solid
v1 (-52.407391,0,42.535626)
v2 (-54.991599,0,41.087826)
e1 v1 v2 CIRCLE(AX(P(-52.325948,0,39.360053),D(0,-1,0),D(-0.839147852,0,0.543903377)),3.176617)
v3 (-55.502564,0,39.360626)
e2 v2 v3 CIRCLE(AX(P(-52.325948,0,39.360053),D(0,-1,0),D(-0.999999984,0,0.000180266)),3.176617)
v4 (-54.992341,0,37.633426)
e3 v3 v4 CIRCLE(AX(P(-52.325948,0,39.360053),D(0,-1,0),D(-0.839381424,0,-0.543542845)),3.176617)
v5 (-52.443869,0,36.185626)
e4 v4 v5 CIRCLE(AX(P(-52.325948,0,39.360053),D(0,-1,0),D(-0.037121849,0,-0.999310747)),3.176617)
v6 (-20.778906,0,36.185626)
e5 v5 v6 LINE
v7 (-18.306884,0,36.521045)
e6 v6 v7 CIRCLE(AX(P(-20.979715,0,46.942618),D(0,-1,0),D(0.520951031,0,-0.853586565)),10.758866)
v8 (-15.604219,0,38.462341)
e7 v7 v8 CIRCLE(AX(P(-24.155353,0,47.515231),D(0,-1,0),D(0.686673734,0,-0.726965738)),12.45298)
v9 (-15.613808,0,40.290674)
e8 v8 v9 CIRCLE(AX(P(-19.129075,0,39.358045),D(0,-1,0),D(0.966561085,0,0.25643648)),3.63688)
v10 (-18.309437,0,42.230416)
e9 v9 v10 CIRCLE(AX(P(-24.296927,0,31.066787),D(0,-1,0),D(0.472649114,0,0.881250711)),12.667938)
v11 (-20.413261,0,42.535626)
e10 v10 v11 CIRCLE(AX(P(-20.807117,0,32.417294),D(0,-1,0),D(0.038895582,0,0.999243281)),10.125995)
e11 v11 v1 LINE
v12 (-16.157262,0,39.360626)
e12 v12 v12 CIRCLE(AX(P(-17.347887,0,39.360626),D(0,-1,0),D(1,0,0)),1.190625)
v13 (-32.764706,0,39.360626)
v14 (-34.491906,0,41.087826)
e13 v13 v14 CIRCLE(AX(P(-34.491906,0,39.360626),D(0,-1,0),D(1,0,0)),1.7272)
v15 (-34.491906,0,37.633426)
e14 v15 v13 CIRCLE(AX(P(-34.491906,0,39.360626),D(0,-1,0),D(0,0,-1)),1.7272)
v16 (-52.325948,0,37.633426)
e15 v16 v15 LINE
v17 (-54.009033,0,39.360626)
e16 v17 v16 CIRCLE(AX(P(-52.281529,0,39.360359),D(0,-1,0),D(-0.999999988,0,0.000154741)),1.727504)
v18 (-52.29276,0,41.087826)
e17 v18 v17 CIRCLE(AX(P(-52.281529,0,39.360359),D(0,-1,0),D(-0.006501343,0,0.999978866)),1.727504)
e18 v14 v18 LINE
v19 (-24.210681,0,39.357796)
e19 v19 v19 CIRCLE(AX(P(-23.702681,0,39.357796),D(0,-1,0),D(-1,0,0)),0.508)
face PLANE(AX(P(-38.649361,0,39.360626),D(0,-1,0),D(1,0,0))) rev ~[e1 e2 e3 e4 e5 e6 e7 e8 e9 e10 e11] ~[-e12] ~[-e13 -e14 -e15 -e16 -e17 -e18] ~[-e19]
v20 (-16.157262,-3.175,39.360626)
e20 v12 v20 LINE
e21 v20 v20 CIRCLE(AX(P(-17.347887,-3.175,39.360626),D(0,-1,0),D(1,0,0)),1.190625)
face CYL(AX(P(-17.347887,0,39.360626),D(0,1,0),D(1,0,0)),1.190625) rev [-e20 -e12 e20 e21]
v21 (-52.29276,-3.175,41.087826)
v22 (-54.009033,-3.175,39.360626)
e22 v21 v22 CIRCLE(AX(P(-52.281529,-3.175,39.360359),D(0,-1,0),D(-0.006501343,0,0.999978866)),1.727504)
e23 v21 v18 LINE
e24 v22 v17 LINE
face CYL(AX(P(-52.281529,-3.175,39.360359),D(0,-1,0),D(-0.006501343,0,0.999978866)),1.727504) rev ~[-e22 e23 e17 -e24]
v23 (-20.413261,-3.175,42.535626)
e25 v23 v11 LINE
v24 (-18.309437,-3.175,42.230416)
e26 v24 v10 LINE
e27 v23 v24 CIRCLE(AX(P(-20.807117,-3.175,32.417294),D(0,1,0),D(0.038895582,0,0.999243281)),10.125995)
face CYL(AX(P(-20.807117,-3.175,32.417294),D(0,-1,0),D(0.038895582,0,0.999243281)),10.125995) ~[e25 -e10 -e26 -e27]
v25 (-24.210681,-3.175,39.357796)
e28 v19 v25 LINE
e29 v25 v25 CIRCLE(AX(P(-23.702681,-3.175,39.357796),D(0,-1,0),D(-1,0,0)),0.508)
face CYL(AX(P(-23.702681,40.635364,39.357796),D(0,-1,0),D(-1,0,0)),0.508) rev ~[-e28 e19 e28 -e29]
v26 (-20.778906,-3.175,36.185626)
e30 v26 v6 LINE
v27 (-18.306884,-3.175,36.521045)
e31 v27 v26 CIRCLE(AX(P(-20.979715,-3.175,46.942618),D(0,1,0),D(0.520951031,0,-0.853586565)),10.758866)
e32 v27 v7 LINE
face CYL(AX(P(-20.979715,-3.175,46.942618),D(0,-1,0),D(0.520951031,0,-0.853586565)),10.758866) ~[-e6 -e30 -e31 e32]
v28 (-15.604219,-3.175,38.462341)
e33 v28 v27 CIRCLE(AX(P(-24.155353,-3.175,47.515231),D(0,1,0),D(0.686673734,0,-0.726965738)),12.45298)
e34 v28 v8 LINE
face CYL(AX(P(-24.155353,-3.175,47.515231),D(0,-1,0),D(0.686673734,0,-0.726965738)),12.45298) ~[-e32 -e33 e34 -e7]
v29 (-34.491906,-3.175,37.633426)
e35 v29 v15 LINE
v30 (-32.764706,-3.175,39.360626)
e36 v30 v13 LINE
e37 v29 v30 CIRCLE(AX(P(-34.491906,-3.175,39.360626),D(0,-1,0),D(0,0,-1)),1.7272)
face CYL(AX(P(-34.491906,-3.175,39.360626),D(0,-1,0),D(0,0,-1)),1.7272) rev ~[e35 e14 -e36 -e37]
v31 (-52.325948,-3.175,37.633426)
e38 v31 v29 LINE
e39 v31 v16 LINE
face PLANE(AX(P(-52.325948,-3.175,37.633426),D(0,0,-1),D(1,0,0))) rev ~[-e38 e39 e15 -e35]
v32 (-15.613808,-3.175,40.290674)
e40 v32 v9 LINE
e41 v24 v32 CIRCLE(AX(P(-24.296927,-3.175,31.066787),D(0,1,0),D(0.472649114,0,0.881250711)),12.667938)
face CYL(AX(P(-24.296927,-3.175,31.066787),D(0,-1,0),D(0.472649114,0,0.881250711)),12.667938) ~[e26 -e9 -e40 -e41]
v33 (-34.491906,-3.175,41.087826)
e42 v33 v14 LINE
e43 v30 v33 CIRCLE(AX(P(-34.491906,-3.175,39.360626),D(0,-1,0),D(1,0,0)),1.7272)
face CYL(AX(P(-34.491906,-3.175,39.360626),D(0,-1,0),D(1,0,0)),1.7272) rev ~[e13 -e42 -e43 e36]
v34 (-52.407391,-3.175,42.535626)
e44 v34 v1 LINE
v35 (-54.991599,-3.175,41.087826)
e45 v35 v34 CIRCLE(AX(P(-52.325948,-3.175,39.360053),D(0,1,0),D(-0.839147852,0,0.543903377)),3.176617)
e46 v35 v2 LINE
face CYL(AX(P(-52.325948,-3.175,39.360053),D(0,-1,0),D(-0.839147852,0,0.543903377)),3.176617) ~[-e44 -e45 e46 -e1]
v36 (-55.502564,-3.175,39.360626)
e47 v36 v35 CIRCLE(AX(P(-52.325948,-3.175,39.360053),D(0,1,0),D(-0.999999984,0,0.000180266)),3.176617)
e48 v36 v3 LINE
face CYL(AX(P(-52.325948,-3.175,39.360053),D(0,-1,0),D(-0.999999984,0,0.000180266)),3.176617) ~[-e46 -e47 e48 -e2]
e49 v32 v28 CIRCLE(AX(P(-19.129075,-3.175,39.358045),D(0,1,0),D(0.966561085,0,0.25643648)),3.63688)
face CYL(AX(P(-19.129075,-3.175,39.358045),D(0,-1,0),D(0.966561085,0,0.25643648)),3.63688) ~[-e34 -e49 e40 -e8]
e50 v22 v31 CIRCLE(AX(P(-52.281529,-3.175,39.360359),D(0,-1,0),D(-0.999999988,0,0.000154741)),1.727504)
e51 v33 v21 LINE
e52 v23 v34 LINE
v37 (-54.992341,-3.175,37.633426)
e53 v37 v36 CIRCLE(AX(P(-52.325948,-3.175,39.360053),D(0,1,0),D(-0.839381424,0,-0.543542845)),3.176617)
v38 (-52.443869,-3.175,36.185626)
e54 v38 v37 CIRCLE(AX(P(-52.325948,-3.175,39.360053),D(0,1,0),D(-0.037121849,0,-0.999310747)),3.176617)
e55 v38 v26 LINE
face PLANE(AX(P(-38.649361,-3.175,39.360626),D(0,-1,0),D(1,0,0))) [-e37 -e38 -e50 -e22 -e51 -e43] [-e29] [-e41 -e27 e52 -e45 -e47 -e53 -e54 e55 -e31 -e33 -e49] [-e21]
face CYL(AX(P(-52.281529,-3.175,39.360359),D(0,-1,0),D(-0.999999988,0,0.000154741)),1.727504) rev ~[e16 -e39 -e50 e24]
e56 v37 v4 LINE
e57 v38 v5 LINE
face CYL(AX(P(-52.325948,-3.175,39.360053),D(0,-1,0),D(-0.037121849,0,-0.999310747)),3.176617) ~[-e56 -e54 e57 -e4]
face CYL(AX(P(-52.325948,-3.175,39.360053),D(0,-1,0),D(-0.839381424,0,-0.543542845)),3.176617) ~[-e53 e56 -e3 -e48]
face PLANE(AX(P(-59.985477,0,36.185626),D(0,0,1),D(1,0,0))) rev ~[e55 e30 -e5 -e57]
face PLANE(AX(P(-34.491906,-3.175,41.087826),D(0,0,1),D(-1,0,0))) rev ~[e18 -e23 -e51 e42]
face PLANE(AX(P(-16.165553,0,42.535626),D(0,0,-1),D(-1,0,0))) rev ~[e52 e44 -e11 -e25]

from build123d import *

# Parameters (mm, degrees)
F0_R     = 1.5875
F0_R_2   = 1.190625
F1_DEPTH = 3.175
F3_DEPTH = 25.4
F4_DEPTH = 25.4
F5_DEPTH = 25.4
F6_DEPTH = 25.4
F8_DEPTH = 25.4
F9_DEPTH = 21.59
F11_D    = 1.016


with BuildPart() as f1:
    # F0 (on Front) → F1 (new body)
    with BuildSketch(Plane.XZ):
        with BuildLine():
            Line((-59.9854774773, 36.1856259406), (-16.1655526608, 36.1856259406))
            Line((-16.1655526608, 36.1856259406), (-14.5380130693, 39.3606259406))
            Line((-14.5380130693, 39.3606259406), (-16.1655526608, 42.5356259406))
            Line((-16.1655526608, 42.5356259406), (-59.9854774773, 42.5356259406))
            ThreePointArc((-59.9854774773, 42.5356259406), (-63.0682841445, 39.3606259406), (-59.9854774773, 36.1856259406))
        make_face()
        with Locations((-17.3478871584, 39.3606259406)):
            Circle(F0_R, mode=Mode.SUBTRACT)
        with Locations((-17.3478871584, 39.3606259406)):
            Circle(F0_R)
        with Locations((-17.3478871584, 39.3606259406)):
            Circle(F0_R_2, mode=Mode.SUBTRACT)
    extrude(amount=F1_DEPTH)

    # F2 (on face) → F3 (cut)
    with BuildSketch(Plane.XZ.offset(3.175)):
        with BuildLine():
            ThreePointArc((-15.3748723059, 37.758994363), (-16.1969030784, 36.7786361584), (-17.3305589706, 36.1856259406))
            Line((-17.3305589706, 36.1856259406), (-16.1655526608, 36.1856259406))
            Line((-16.1655526608, 36.1856259406), (-15.3517828651, 37.7731259406))
            ThreePointArc((-15.3517828651, 37.7731259406), (-15.3633231409, 37.7660528898), (-15.3748723059, 37.758994363))
        make_face()
        with BuildLine():
            ThreePointArc((-15.404339903, 40.9815081352), (-14.9683940419, 39.3741029339), (-15.3748723059, 37.758994363))
            ThreePointArc((-15.3748723059, 37.758994363), (-15.3633231409, 37.7660528898), (-15.3517828651, 37.7731259406))
            Line((-15.3517828651, 37.7731259406), (-14.5380130693, 39.3606259406))
            Line((-14.5380130693, 39.3606259406), (-15.3517828651, 40.9481259406))
            ThreePointArc((-15.3517828651, 40.9481259406), (-15.3780357265, 40.9648574331), (-15.404339903, 40.9815081352))
        make_face()
        with BuildLine():
            ThreePointArc((-17.4520071596, 42.5356259406), (-16.2702339986, 41.9666642674), (-15.404339903, 40.9815081352))
            ThreePointArc((-15.404339903, 40.9815081352), (-15.3780357265, 40.9648574331), (-15.3517828651, 40.9481259406))
            Line((-15.3517828651, 40.9481259406), (-16.1655526608, 42.5356259406))
            Line((-16.1655526608, 42.5356259406), (-17.4520071596, 42.5356259406))
        make_face()
    extrude(amount=-F3_DEPTH, mode=Mode.SUBTRACT)

    # F2 (on face) → F4 (cut)
    with BuildSketch(Plane.XZ.offset(3.175)):
        with BuildLine():
            ThreePointArc((-20.4132606166, 42.5356259406), (-17.8064403349, 42.0884730118), (-15.404339903, 40.9815081352))
            ThreePointArc((-15.404339903, 40.9815081352), (-16.2702339986, 41.9666642674), (-17.4520071596, 42.5356259406))
            Line((-17.4520071596, 42.5356259406), (-20.4132606166, 42.5356259406))
        make_face()
        with BuildLine():
            ThreePointArc((-15.404339903, 40.9815081352), (-14.9683940419, 39.3741029339), (-15.3748723059, 37.758994363))
            ThreePointArc((-15.3748723059, 37.758994363), (-15.3633231409, 37.7660528898), (-15.3517828651, 37.7731259406))
            Line((-15.3517828651, 37.7731259406), (-14.5380130693, 39.3606259406))
            Line((-14.5380130693, 39.3606259406), (-15.3517828651, 40.9481259406))
            ThreePointArc((-15.3517828651, 40.9481259406), (-15.3780357265, 40.9648574331), (-15.404339903, 40.9815081352))
        make_face()
        with BuildLine():
            Line((-20.778906084, 36.1856259406), (-17.3305589706, 36.1856259406))
            ThreePointArc((-17.3305589706, 36.1856259406), (-16.1969030784, 36.7786361584), (-15.3748723059, 37.758994363))
            ThreePointArc((-15.3748723059, 37.758994363), (-17.9721795073, 36.6126647687), (-20.778906084, 36.1856259406))
        make_face()
    extrude(amount=-F4_DEPTH, mode=Mode.SUBTRACT)

    # F2 (on face) → F5 (cut)
    with BuildSketch(Plane.XZ.offset(3.175)):
        with BuildLine():
            Line((-59.9854774773, 36.1856259406), (-52.4438694119, 36.1856259406))
            ThreePointArc((-52.4438694119, 36.1856259406), (-53.8950663244, 36.5980321526), (-54.9923407048, 37.6334259406))
            Line((-54.9923407048, 37.6334259406), (-59.8919055938, 37.6334259406))
            ThreePointArc((-59.8919055938, 37.6334259406), (-61.6191055938, 39.3606259406), (-59.8919055938, 41.0878259406))
            Line((-59.8919055938, 41.0878259406), (-54.9915987334, 41.0878259406))
            ThreePointArc((-54.9915987334, 41.0878259406), (-53.878578845, 42.1313762088), (-52.4073913693, 42.5356259406))
            Line((-52.4073913693, 42.5356259406), (-59.9854774773, 42.5356259406))
            ThreePointArc((-59.9854774773, 42.5356259406), (-63.0682841445, 39.3606259406), (-59.9854774773, 36.1856259406))
        make_face()
        with BuildLine():
            Line((-58.1647055938, 39.3606259406), (-55.5025643281, 39.3606259406))
            ThreePointArc((-55.5025643281, 39.3606259406), (-55.372064535, 40.261200243), (-54.9915987334, 41.0878259406))
            Line((-54.9915987334, 41.0878259406), (-59.8919055938, 41.0878259406))
            ThreePointArc((-59.8919055938, 41.0878259406), (-58.6705907614, 40.581940773), (-58.1647055938, 39.3606259406))
        make_face()
        with BuildLine():
            Line((-59.8919055938, 37.6334259406), (-54.9923407048, 37.6334259406))
            ThreePointArc((-54.9923407048, 37.6334259406), (-55.3724203009, 38.4601098244), (-55.5025643281, 39.3606259406))
            Line((-55.5025643281, 39.3606259406), (-58.1647055938, 39.3606259406))
            ThreePointArc((-58.1647055938, 39.3606259406), (-58.6705907614, 38.1393111081), (-59.8919055938, 37.6334259406))
        make_face()
        with BuildLine():
            ThreePointArc((-59.8919055938, 41.0878259406), (-61.6191055938, 39.3606259406), (-59.8919055938, 37.6334259406))
            ThreePointArc((-59.8919055938, 37.6334259406), (-58.6705907614, 38.1393111081), (-58.1647055938, 39.3606259406))
            ThreePointArc((-58.1647055938, 39.3606259406), (-58.6705907614, 40.581940773), (-59.8919055938, 41.0878259406))
        make_face()
    extrude(amount=-F5_DEPTH, mode=Mode.SUBTRACT)

    # F2 (on face) → F6 (cut)
    with BuildSketch(Plane.XZ.offset(3.175)):
        with BuildLine():
            ThreePointArc((-52.2927604616, 41.0878259406), (-53.5069291888, 40.578005841), (-54.0090331721, 39.3606259406))
            Line((-54.0090331721, 39.3606259406), (-36.2191055938, 39.3606259406))
            ThreePointArc((-36.2191055938, 39.3606259406), (-35.7132204263, 40.581940773), (-34.4919055938, 41.0878259406))
            Line((-34.4919055938, 41.0878259406), (-52.2927604616, 41.0878259406))
        make_face()
        with BuildLine():
            ThreePointArc((-54.0090331721, 39.3606259406), (-53.5187568392, 38.1547311322), (-52.3259475214, 37.6334259406))
            Line((-52.3259475214, 37.6334259406), (-34.4919055938, 37.6334259406))
            ThreePointArc((-34.4919055938, 37.6334259406), (-35.7132204263, 38.1393111081), (-36.2191055938, 39.3606259406))
            Line((-36.2191055938, 39.3606259406), (-54.0090331721, 39.3606259406))
        make_face()
        with BuildLine():
            ThreePointArc((-34.4919055938, 41.0878259406), (-35.7132204263, 40.581940773), (-36.2191055938, 39.3606259406))
            Line((-36.2191055938, 39.3606259406), (-34.4919055938, 39.3606259406))
            Line((-34.4919055938, 39.3606259406), (-34.4919055938, 41.0878259406))
        make_face()
        with BuildLine():
            ThreePointArc((-36.2191055938, 39.3606259406), (-35.7132204263, 38.1393111081), (-34.4919055938, 37.6334259406))
            Line((-34.4919055938, 37.6334259406), (-34.4919055938, 39.3606259406))
            Line((-34.4919055938, 39.3606259406), (-36.2191055938, 39.3606259406))
        make_face()
        with BuildLine():
            Line((-34.4919055938, 39.3606259406), (-34.4919055938, 37.6334259406))
            ThreePointArc((-34.4919055938, 37.6334259406), (-33.2705907614, 38.1393111081), (-32.7647055938, 39.3606259406))
            ThreePointArc((-32.7647055938, 39.3606259406), (-33.2705907614, 40.581940773), (-34.4919055938, 41.0878259406))
            Line((-34.4919055938, 41.0878259406), (-34.4919055938, 39.3606259406))
        make_face()
    extrude(amount=-F6_DEPTH, mode=Mode.SUBTRACT)

    # F7 (on face) → F8 (cut)
    with BuildSketch(Plane.XZ.offset(3.175)):
        with BuildLine():
            ThreePointArc((-15.6042189064, 38.4623412006), (-15.8016195139, 37.8900751539), (-16.0912083493, 37.3584796926))
            ThreePointArc((-16.0912083493, 37.3584796926), (-15.7292199643, 37.5519041597), (-15.3748723059, 37.758994363))
            ThreePointArc((-15.3748723059, 37.758994363), (-15.1042820518, 38.4073926685), (-14.9774259999, 39.0984404167))
            ThreePointArc((-14.9774259999, 39.0984404167), (-15.285118653, 38.7747704567), (-15.6042189064, 38.4623412006))
        make_face()
        with BuildLine():
            ThreePointArc((-15.6138083064, 40.2906739685), (-15.4922450078, 39.3771200227), (-15.6042189064, 38.4623412006))
            ThreePointArc((-15.6042189064, 38.4623412006), (-15.285118653, 38.7747704567), (-14.9774259999, 39.0984404167))
            ThreePointArc((-14.9774259999, 39.0984404167), (-14.9684104497, 39.3758467508), (-14.9827910636, 39.6530267506))
            ThreePointArc((-14.9827910636, 39.6530267506), (-15.2926534564, 39.9774378811), (-15.6138083064, 40.2906739685))
        make_face()
        with BuildLine():
            ThreePointArc((-16.1121669082, 41.3890946918), (-15.8171331409, 40.8606887152), (-15.6138083064, 40.2906739685))
            ThreePointArc((-15.6138083064, 40.2906739685), (-15.2926534564, 39.9774378811), (-14.9827910636, 39.6530267506))
            ThreePointArc((-14.9827910636, 39.6530267506), (-15.1224646144, 40.3398289098), (-15.404339903, 40.9815081352))
            ThreePointArc((-15.404339903, 40.9815081352), (-15.7541421045, 41.1924412219), (-16.1121669082, 41.3890946918))
        make_face()
    extrude(amount=-F8_DEPTH, mode=Mode.SUBTRACT)

    # F7 (on face) → F9 (cut)
    with BuildSketch(Plane.XZ.offset(3.175)):
        with BuildLine():
            ThreePointArc((-18.3094374963, 42.23041588), (-16.8977827327, 41.3492626146), (-15.6138083064, 40.2906739685))
            ThreePointArc((-15.6138083064, 40.2906739685), (-15.8171331409, 40.8606887152), (-16.1121669082, 41.3890946918))
            ThreePointArc((-16.1121669082, 41.3890946918), (-17.1862834694, 41.8737906284), (-18.3094374963, 42.23041588))
        make_face()
        with BuildLine():
            ThreePointArc((-18.3068840907, 36.5210452642), (-17.1759299722, 36.8786017382), (-16.0912083493, 37.3584796926))
            ThreePointArc((-16.0912083493, 37.3584796926), (-15.8016195139, 37.8900751539), (-15.6042189064, 38.4623412006))
            ThreePointArc((-15.6042189064, 38.4623412006), (-16.8904167196, 37.4010128286), (-18.3068840907, 36.5210452642))
        make_face()
    extrude(amount=-F9_DEPTH, mode=Mode.SUBTRACT)

    # F11 (through all)
    with Locations(Plane(origin=(0, 0, 0), x_dir=(1, 0, 0), z_dir=(0, 1, 0))):
        with Locations((-23.7026810646, -39.3577963114)):
            Hole(F11_D / 2)


solid = f1.part
